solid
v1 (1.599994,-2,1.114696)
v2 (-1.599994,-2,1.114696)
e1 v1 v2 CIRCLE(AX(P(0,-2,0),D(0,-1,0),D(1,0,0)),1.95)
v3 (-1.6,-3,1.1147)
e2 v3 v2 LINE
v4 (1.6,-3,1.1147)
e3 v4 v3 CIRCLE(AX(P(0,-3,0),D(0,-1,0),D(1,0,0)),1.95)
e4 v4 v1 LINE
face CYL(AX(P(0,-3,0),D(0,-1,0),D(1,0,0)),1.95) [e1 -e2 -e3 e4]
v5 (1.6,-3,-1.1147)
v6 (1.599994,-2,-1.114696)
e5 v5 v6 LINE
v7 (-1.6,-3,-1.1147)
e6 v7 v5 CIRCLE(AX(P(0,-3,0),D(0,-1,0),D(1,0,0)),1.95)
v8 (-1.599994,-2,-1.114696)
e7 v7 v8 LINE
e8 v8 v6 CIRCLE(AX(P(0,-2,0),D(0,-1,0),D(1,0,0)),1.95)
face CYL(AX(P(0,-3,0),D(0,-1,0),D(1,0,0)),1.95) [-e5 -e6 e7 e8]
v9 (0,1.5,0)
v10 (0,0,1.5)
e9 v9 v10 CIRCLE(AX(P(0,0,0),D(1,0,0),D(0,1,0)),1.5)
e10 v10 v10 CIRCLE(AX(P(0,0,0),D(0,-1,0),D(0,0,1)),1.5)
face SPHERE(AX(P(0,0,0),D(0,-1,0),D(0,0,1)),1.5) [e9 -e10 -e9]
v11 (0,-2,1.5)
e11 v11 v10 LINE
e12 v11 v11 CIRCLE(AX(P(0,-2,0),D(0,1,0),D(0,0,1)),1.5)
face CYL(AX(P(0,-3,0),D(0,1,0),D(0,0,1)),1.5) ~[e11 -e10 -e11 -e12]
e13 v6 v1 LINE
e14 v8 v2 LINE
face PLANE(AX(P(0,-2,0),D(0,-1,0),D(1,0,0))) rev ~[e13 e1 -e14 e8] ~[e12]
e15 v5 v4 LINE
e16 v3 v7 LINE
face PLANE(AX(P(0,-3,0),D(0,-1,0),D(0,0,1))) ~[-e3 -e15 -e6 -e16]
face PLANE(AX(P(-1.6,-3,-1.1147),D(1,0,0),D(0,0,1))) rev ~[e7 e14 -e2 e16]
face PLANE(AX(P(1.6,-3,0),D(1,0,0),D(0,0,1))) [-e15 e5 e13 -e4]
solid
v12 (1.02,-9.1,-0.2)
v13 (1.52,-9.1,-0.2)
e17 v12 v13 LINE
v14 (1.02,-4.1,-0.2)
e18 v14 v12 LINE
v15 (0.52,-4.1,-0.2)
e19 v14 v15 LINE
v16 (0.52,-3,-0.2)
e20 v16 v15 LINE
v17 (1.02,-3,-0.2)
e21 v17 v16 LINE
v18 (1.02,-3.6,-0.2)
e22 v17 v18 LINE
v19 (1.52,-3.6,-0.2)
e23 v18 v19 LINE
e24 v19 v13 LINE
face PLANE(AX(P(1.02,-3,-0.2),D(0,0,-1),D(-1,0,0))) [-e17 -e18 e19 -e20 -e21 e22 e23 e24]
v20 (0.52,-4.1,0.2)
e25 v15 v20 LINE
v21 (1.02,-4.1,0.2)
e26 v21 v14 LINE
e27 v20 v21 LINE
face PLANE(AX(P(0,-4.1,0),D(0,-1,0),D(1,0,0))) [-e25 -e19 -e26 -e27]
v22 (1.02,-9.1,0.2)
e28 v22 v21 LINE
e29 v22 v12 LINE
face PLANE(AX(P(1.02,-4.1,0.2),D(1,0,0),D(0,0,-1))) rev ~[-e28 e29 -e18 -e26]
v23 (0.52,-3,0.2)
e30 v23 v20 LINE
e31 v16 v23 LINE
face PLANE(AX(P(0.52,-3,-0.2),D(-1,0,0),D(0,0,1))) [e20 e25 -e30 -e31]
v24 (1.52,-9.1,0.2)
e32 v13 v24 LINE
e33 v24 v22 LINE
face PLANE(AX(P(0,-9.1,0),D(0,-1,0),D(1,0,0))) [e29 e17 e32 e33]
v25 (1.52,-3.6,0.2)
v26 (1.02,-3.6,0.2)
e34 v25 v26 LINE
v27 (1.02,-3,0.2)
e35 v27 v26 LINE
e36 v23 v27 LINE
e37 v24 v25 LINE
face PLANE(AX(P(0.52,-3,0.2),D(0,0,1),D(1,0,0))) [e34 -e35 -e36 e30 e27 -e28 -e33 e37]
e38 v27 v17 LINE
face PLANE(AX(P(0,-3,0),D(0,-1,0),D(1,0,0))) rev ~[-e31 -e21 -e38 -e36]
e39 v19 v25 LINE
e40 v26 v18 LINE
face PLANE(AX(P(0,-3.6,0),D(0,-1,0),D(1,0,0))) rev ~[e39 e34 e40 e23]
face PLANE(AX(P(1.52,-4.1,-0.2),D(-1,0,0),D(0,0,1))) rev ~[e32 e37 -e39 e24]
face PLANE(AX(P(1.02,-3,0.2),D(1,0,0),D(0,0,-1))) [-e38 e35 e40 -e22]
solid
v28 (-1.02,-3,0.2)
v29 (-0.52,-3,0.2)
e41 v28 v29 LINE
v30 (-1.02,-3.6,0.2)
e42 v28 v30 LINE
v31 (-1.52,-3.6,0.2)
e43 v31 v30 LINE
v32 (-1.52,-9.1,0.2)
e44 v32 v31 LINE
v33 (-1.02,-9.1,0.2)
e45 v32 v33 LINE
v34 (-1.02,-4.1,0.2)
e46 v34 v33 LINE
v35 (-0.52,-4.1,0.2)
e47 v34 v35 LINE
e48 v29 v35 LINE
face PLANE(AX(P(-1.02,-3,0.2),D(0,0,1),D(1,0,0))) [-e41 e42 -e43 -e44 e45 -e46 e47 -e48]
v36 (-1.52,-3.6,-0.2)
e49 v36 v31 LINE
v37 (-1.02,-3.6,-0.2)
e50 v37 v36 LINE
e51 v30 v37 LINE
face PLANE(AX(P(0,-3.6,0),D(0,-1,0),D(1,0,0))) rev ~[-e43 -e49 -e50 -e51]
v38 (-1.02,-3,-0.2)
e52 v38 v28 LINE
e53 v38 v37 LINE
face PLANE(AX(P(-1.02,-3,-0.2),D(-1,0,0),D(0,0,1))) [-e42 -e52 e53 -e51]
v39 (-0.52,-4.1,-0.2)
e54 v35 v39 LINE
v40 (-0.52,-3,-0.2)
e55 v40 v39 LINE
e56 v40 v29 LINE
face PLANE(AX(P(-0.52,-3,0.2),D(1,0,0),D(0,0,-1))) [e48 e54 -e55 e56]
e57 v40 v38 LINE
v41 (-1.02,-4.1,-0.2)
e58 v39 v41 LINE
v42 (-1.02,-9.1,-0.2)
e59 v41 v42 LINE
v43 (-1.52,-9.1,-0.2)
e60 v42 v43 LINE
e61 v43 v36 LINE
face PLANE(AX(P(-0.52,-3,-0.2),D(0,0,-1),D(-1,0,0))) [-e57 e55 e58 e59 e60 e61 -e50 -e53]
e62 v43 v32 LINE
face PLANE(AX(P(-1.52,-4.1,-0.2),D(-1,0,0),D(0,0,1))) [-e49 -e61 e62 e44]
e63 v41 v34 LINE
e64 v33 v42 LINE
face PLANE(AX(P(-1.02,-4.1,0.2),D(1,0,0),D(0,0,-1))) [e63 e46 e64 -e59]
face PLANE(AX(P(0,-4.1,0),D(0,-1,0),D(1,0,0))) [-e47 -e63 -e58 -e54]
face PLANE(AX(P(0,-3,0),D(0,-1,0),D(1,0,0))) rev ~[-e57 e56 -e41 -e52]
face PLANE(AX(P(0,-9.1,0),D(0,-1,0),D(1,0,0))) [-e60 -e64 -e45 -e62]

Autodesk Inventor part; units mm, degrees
ref_plane "YZ Plane" through (0, 0, 0) normal (1, 0, 0) x (0, 1, 0)
ref_plane "XZ Plane" through (0, 0, 0) normal (0, 1, 0) x (-1, 0, 0)
ref_plane "XY Plane" through (0, 0, 0) normal (0, 0, 1) x (1, 0, 0)
sketch "Sketch1" plane through (0, 0, 0) normal (1, 0, 0) x (0, 1, 0)
  arc A0 (1.5, 0) -> (0, 1.5) centre (0, 0) ccw
  line L0 (-3, 0) -> (-3, 1.5)
  line L1 (-3, 1.5) -> (0, 1.5)
  line L2 (1.5, 0) -> (-3, 0)
  dimension "d0" = 1.5
  dimension "d1" = 4.5
revolve "Revolution1" add sketch "Sketch1" angle 360 about axis through (0, 1.5, 0) along (0, -1, 0)
sketch "Sketch2" plane through (0, -3, 0) normal (0, -1, 0) x (1, 0, 0)
  circle A0 centre (0, 0) radius 1.95
  dimension "d3" = 3.9
extrude "Extrusion1" add sketch "Sketch2" against normal blind 1
sketch "Sketch3" plane through (0, -3, 0) normal (0, -1, 0) x (1, 0, 0)
  circle A0 centre (0, 0) radius 1.6
  line L0 (1.6, -1.1147) -> (1.6, 1.1147)
  line L1 (-1.6, -1.1147) -> (-1.6, 1.1147)
  circle A1 centre (0, 0) radius 1.95 projected
  dimension "d6" = 3.2
extrude "Extrusion2" cut sketch "Sketch3" against normal through all contours L0 A1 | L1 A1
sketch "Sketch4" plane through (0, -3, 0) normal (0, -1, 0) x (1, 0, 0)
  line L0 (1.02, -0.2) -> (0.52, -0.2)
  line L1 (0.52, -0.2) -> (0.52, 0.2)
  line L2 (0.52, 0.2) -> (1.02, 0.2)
  line L3 (1.02, 0.2) -> (1.02, -0.2)
  line L4 (1.02, -0.2) -> (0.52, 0.2) construction
  line L5 (0.52, -0.2) -> (1.02, 0.2) construction
  line L6 (-0.52, -0.2) -> (-1.02, -0.2)
  line L7 (-1.02, -0.2) -> (-1.02, 0.2)
  line L8 (-1.02, 0.2) -> (-0.52, 0.2)
  line L9 (-0.52, 0.2) -> (-0.52, -0.2)
  line L10 (-0.52, -0.2) -> (-1.02, 0.2) construction
  line L11 (-1.02, -0.2) -> (-0.52, 0.2) construction
  line L12 (0, 0) -> (0, -0.871)
  line L13 (0, 0) -> (-0.6551, 0)
  point P0 (0.77, 0)
  point P1 (-0.77, 0)
  point P2 (-0.77, 0)
  point P3 (0.77, 0)
  point P4 (-0.77, 0)
  dimension "d9" = 1.54
  dimension "d10" = 0.4
  dimension "d11" = 0.5
extrude "Extrusion3" add sketch "Sketch4" along normal blind 1.1 separate body
sketch "Sketch5" plane through (0, -4.1, 0) normal (0, -1, 0) x (1, 0, 0)
  line L0 (0.52, -0.2) -> (1.02, -0.2) projected
  line L1 (0.52, -0.2) -> (1.52, -0.2)
  line L2 (1.52, -0.2) -> (1.52, 0.2)
  line L3 (1.52, 0.2) -> (0.52, 0.2)
  line L4 (0.52, 0.2) -> (0.52, -0.2)
  line L5 (-0.52, -0.2) -> (-0.52, 0.2) projected
  line L6 (-0.52, -0.2) -> (-1.52, -0.2)
  line L7 (-1.52, -0.2) -> (-1.52, 0.2)
  line L8 (-1.52, 0.2) -> (-0.52, 0.2)
  line L9 (-0.52, 0.2) -> (-0.52, -0.2)
  line L10 (1.02, -0.2) -> (1.52, -0.2)
  line L11 (1.52, -0.2) -> (1.52, 0.2)
  line L12 (1.52, 0.2) -> (1.02, 0.2)
  line L13 (1.02, 0.2) -> (1.02, -0.2)
  line L14 (-1.02, -0.2) -> (-0.52, -0.2) projected
  line L15 (-1.02, 0.2) -> (-1.02, -0.2) projected
  line L16 (-0.52, -0.2) -> (-1.02, -0.2)
  line L17 (-1.02, -0.2) -> (-1.02, 0.2)
  line L18 (-1.02, 0.2) -> (-0.52, 0.2)
  line L19 (-0.52, 0.2) -> (-0.52, -0.2)
  point P0 (0, 0)
  dimension "d14" = 1
  dimension "d15" = 1
extrude "Extrusion4" add sketch "Sketch5" along normal blind 5 and the other way blind 0.5 contours L13 L3 L2 L1 | L6 L7 L8 L15 bodies 2
properties part number "TEFT4300"
